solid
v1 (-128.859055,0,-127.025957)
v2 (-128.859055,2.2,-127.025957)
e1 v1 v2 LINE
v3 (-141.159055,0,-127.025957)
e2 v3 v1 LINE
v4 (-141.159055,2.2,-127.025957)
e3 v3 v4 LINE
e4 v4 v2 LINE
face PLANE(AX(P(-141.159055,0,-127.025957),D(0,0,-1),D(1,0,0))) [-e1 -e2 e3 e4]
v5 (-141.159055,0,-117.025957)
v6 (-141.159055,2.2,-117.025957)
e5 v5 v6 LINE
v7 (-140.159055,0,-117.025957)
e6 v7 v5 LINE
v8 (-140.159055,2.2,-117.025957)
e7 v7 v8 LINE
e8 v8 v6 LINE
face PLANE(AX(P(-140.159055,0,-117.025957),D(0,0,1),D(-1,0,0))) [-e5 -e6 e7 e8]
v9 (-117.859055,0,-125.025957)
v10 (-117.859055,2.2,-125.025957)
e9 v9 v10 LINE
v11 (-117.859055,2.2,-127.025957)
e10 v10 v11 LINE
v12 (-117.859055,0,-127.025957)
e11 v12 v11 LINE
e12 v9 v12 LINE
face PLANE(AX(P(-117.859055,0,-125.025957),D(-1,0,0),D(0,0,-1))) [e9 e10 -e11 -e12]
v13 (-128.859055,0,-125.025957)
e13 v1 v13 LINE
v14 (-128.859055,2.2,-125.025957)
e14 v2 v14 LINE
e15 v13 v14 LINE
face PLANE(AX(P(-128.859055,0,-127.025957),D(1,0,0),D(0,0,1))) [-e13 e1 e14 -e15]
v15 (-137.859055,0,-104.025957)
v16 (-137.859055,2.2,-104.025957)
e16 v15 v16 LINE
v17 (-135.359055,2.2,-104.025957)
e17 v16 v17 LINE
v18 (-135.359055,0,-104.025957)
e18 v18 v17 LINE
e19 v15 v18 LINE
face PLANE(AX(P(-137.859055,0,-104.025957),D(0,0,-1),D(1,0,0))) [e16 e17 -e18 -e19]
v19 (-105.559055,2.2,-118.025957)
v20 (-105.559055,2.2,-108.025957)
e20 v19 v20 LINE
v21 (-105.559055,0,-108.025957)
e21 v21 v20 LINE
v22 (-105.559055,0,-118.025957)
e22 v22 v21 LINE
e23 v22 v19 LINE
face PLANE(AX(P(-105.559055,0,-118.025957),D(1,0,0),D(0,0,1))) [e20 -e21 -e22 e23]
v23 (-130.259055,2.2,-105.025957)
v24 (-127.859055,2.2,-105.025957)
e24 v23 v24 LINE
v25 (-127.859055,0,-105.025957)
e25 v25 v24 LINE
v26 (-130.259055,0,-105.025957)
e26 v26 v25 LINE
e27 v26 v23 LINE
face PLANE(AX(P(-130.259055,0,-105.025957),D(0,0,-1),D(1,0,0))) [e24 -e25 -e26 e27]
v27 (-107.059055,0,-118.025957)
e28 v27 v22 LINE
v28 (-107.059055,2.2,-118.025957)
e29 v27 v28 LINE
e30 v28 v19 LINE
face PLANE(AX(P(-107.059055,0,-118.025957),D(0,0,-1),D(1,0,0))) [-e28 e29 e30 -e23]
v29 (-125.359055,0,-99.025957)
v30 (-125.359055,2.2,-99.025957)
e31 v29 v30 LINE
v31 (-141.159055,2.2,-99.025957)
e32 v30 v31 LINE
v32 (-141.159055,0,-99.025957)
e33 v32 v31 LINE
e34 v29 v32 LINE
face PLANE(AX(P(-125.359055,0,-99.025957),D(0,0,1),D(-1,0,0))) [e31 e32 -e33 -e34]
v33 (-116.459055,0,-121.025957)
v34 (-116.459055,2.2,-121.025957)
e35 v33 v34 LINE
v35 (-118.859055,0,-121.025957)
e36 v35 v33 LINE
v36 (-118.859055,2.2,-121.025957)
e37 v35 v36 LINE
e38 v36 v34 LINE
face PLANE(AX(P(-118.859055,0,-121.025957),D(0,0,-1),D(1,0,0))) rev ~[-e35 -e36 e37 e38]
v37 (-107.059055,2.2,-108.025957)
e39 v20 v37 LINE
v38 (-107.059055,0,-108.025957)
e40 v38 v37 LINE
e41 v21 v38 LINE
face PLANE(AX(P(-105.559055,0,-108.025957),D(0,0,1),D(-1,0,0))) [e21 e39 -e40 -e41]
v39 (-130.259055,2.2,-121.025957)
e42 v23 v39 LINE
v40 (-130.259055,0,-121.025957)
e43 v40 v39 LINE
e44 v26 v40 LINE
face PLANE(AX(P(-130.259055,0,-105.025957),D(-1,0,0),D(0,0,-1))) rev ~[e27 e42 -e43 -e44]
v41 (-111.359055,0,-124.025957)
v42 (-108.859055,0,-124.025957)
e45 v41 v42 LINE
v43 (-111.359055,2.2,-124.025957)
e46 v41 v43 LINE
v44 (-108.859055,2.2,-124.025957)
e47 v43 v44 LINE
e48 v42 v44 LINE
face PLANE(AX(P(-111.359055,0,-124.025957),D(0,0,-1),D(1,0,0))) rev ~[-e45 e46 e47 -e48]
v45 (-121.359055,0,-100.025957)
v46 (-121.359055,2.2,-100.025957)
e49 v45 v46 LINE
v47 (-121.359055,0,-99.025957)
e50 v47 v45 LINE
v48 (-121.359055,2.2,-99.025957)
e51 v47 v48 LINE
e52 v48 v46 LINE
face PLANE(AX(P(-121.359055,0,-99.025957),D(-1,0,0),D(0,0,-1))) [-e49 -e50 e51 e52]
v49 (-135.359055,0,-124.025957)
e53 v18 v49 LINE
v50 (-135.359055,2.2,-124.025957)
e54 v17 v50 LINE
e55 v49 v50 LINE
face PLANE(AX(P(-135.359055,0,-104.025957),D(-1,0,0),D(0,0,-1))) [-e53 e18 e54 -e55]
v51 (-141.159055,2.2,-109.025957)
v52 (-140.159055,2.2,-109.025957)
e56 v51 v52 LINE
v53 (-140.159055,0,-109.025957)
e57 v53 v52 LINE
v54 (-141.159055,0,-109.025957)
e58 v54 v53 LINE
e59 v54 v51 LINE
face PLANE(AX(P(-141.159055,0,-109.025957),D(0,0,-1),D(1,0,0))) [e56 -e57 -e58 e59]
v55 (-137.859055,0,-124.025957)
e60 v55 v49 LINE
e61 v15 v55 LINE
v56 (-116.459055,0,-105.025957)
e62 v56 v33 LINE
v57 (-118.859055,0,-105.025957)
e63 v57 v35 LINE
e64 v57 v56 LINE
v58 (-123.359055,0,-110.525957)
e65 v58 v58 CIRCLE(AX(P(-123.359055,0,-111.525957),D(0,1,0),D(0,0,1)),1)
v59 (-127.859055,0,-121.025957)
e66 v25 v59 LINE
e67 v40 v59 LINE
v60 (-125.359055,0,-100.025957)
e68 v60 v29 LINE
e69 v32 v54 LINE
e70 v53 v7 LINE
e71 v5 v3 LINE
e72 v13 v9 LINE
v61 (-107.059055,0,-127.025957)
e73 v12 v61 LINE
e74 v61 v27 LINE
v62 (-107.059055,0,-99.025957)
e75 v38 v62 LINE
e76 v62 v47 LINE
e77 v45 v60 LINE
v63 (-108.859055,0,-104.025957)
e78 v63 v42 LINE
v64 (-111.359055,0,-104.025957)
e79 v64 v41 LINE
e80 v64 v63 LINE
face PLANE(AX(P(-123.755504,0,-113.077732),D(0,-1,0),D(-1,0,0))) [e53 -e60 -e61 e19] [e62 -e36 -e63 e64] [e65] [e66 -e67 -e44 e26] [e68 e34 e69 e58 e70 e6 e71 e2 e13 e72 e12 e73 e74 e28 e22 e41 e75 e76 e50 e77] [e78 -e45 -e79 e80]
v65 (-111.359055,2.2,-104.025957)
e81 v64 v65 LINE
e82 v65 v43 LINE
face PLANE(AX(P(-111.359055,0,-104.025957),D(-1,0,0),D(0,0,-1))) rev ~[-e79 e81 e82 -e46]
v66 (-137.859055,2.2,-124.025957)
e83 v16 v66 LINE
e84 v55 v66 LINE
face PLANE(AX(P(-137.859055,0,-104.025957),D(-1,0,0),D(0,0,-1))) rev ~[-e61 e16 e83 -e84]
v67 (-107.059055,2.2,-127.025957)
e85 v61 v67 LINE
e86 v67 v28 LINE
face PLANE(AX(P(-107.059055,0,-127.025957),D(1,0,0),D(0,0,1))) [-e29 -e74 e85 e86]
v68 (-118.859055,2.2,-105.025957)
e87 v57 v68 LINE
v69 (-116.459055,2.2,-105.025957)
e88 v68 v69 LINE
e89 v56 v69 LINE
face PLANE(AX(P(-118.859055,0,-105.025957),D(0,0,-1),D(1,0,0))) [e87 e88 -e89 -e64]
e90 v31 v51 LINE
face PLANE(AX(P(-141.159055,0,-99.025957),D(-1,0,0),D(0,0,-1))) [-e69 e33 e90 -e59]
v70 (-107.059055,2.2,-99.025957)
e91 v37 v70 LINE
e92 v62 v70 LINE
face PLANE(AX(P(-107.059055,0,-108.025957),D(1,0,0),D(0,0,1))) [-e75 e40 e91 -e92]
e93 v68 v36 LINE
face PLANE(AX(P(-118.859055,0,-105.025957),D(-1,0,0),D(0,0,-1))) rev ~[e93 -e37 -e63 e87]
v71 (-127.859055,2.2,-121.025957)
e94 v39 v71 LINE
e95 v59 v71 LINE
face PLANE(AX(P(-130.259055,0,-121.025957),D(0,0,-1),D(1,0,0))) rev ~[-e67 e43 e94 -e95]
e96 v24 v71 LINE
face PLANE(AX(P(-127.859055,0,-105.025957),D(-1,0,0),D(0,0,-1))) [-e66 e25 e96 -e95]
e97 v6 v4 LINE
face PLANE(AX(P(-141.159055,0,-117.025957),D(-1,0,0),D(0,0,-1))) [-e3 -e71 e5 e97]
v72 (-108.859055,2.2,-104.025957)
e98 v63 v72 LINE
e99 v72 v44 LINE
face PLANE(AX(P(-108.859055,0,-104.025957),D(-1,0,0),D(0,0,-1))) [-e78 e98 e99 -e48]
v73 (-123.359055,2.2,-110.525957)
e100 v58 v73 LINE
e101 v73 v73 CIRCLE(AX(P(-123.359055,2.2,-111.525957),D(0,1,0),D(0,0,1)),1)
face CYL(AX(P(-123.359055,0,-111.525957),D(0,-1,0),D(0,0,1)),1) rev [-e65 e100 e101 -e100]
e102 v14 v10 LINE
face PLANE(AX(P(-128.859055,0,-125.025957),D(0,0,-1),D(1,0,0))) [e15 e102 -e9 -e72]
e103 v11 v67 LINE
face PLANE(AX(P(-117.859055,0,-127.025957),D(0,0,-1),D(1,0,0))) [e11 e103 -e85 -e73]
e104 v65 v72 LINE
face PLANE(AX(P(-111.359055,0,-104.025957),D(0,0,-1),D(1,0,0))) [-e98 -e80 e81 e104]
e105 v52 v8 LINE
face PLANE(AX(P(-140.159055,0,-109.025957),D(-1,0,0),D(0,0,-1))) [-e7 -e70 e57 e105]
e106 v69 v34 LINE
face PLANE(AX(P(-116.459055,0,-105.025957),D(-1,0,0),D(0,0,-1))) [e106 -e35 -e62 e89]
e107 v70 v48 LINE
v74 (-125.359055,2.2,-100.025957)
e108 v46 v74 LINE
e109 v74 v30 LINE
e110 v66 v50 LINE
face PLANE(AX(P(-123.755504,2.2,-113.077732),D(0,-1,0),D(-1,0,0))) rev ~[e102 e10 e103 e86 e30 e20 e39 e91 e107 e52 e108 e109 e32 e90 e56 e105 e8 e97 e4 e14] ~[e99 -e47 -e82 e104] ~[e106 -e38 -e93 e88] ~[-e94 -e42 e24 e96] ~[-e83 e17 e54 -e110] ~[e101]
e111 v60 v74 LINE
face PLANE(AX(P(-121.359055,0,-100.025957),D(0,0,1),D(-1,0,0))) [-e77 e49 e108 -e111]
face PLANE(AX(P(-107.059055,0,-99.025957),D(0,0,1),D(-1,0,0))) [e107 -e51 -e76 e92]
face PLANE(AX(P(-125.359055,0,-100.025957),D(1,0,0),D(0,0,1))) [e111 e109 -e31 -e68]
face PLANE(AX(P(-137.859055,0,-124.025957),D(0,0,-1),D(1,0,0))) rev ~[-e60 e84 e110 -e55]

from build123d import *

# Parameters (mm, degrees)
SKETCH1_R           = 1
SKETCH1_W           = 2.5
SKETCH1_H           = 20
SKETCH1_W_2         = 2.4
SKETCH1_H_2         = 16
BOSS_EXTRUDE1_DEPTH = 2.2


with BuildPart() as part:
    # Sketch1 → Boss-Extrude1 (new body)
    with BuildSketch(Plane(origin=(0, 0, 0), x_dir=(1, 0, 0), z_dir=(0, 1, 0))):
        Polygon((-117.859054558, 127.025957199), (-107.059054558, 127.025957199), (-107.059054558, 118.025957199), (-105.559054558, 118.025957199), (-105.559054558, 108.025957199), (-107.059054558, 108.025957199), (-107.059054558, 99.025957199), (-121.359054558, 99.025957199), (-121.359054558, 100.025957199), (-125.359054558, 100.025957199), (-125.359054558, 99.025957199), (-141.159054558, 99.025957199), (-141.159054558, 109.025957199), (-140.159054558, 109.025957199), (-140.159054558, 117.025957199), (-141.159054558, 117.025957199), (-141.159054558, 127.025957199), (-128.859054558, 127.025957199), (-128.859054558, 125.025957199), (-117.859054558, 125.025957199), align=None)
        with Locations(Location((-123.359054558, 111.525957199, 0), (0, 0, 270))):
            Circle(SKETCH1_R, mode=Mode.SUBTRACT)
        with Locations((-110.109054558, 114.025957199)):
            Rectangle(SKETCH1_W, SKETCH1_H, mode=Mode.SUBTRACT)
        with Locations((-136.609054558, 114.025957199)):
            Rectangle(SKETCH1_W, SKETCH1_H, mode=Mode.SUBTRACT)
        with Locations((-129.059054558, 113.025957199)):
            Rectangle(SKETCH1_W_2, SKETCH1_H_2, mode=Mode.SUBTRACT)
        with Locations((-117.659054558, 113.025957199)):
            Rectangle(SKETCH1_W_2, SKETCH1_H_2, mode=Mode.SUBTRACT)
    extrude(amount=BOSS_EXTRUDE1_DEPTH)


solid = part.part
